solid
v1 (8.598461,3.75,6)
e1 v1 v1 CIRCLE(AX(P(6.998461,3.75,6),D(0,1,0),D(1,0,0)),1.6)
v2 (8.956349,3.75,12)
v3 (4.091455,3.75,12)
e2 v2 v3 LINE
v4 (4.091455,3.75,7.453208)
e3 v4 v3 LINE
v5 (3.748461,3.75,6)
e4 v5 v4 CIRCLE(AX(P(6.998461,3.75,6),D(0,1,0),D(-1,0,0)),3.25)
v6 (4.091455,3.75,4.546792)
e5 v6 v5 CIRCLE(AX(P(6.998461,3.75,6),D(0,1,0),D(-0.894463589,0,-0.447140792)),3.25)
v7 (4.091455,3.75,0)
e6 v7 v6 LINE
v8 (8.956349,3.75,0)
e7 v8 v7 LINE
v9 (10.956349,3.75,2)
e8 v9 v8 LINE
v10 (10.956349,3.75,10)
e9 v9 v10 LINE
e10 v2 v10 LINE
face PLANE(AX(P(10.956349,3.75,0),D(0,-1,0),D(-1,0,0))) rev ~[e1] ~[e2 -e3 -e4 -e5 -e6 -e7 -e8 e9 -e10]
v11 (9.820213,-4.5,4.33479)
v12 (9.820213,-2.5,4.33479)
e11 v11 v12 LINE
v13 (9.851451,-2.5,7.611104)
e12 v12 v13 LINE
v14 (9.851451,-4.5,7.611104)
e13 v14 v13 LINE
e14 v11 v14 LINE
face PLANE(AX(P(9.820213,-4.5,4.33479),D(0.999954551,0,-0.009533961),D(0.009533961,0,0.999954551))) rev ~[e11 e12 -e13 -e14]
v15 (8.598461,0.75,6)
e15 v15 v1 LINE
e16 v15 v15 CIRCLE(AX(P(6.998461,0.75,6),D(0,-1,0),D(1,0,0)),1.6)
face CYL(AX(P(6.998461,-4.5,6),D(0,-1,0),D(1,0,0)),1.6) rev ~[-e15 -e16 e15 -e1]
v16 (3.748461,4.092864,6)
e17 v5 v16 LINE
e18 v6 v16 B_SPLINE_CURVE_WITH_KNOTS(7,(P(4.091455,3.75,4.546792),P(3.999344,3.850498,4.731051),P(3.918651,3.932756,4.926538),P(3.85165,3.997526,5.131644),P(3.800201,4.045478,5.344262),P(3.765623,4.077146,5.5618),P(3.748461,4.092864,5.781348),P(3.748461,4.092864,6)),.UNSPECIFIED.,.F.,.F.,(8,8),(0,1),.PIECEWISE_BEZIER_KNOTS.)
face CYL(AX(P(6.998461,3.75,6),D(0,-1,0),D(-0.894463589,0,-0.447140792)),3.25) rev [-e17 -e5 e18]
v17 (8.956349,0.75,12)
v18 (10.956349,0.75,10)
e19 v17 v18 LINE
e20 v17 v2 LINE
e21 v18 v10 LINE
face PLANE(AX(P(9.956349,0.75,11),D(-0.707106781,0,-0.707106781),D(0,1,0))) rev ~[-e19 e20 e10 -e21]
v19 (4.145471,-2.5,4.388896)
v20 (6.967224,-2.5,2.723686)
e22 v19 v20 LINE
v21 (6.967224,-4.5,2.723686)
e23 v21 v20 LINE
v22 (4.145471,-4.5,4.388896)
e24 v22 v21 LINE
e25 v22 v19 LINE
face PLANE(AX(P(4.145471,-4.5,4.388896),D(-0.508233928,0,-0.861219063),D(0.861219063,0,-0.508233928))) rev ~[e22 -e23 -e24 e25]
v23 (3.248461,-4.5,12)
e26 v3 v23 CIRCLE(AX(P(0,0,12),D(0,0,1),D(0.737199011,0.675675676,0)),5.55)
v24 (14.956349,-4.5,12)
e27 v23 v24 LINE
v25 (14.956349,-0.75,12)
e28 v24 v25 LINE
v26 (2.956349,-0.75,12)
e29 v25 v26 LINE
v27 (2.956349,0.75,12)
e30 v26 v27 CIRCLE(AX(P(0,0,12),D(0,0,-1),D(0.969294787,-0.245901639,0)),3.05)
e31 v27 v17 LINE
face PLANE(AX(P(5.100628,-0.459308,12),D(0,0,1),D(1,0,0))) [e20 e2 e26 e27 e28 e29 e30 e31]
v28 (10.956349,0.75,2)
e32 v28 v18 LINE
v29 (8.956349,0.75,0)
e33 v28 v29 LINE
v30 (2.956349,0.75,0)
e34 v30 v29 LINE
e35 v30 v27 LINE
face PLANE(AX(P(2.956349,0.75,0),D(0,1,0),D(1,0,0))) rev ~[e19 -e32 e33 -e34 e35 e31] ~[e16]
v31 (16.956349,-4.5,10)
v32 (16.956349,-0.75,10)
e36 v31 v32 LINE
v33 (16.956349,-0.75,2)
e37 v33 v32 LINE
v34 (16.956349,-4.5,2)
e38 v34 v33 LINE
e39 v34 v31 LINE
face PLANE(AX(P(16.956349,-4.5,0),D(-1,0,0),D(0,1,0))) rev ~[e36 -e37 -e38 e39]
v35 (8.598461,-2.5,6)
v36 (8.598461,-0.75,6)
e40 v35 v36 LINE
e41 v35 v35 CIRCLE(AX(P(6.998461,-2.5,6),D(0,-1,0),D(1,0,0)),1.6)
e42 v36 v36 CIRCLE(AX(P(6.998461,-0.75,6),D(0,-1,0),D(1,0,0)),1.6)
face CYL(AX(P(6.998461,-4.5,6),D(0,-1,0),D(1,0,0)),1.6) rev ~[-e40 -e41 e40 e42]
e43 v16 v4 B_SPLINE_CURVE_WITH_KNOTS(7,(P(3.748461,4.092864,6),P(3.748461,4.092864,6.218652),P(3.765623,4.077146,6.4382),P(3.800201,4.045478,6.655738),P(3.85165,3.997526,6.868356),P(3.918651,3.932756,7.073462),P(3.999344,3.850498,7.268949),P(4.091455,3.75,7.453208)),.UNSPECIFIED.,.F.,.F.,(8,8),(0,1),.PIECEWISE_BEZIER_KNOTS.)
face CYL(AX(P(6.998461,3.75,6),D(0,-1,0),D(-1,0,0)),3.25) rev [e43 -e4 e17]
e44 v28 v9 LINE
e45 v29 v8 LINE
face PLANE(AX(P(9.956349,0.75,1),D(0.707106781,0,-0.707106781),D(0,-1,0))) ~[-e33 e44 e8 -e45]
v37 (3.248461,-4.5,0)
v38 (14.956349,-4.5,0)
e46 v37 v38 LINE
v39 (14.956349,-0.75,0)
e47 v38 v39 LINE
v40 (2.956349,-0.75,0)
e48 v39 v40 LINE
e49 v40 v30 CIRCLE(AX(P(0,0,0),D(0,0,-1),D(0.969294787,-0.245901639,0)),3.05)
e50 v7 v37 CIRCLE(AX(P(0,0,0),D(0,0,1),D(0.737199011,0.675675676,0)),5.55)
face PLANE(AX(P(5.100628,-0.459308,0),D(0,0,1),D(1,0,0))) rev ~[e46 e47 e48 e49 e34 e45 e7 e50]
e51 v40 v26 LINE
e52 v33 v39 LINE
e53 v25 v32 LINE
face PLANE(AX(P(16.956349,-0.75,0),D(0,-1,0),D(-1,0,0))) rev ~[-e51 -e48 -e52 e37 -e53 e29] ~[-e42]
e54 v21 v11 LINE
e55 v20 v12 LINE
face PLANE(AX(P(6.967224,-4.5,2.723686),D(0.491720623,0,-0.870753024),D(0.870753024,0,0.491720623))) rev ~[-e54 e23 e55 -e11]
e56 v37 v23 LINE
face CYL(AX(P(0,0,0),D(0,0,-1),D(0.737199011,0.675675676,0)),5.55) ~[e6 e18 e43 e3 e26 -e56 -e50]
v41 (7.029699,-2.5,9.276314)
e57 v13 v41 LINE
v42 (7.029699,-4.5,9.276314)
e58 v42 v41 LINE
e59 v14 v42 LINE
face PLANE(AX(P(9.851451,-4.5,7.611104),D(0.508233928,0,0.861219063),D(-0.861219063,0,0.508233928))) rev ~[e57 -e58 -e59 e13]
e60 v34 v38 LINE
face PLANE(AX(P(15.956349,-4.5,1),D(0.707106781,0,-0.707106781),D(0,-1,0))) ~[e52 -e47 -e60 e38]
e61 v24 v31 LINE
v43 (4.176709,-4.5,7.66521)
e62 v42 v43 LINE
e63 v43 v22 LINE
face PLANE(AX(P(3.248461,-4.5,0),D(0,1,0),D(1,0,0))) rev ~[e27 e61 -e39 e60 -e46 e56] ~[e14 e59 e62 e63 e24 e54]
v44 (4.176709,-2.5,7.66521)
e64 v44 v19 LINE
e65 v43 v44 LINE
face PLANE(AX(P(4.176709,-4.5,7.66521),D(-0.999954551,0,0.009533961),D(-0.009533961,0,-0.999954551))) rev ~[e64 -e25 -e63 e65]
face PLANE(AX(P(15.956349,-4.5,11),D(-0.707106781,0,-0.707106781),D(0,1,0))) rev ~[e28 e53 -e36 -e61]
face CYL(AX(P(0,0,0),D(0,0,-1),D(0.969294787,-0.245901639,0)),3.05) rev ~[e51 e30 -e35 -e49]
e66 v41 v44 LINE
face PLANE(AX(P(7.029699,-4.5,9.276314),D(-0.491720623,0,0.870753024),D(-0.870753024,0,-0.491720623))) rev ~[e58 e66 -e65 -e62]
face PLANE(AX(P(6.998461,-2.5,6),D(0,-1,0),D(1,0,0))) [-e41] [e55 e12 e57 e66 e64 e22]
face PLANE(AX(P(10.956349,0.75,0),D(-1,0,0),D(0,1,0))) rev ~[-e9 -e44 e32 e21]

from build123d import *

# Parameters (mm, degrees)
F1_DEPTH = 12
F2_R     = 1.6
F3_DEPTH = 2
F4_DEPTH = 10.051
F5_R     = 1.6
F6_DEPTH = 25
F7_SIZE  = 2


with BuildPart() as f1:
    # F0 (on Top) → F1 (new body)
    with BuildSketch(Plane.XY):
        with BuildLine():
            ThreePointArc((2.9563490998, -0.75), (-3.05, 0), (2.9563490998, 0.75))
            Line((2.9563490998, 0.75), (10.9563490998, 0.75))
            Line((10.9563490998, 0.75), (10.9563490998, 3.75))
            Line((10.9563490998, 3.75), (4.0914545091, 3.75))
            ThreePointArc((4.0914545091, 3.75), (-5.5212512675, 0.5641670326), (3.2484611742, -4.5))
            Line((3.2484611742, -4.5), (16.9563490998, -4.5))
            Line((16.9563490998, -4.5), (16.9563490998, -0.75))
            Line((16.9563490998, -0.75), (2.9563490998, -0.75))
        make_face()
    extrude(amount=F1_DEPTH)

    # F2 (on face) → F3 (cut)
    with BuildSketch(Plane.XZ.offset(4.5)):
        Polygon((9.8514510462, 7.6111043179), (7.0296988427, 9.2763138649), (4.1767089707, 7.665209547), (4.1454713021, 4.3888956821), (6.9672235056, 2.7236861351), (9.8202133776, 4.334790453), align=None)
        with Locations((6.9984611742, 6)):
            Circle(F2_R, mode=Mode.SUBTRACT)
        with Locations((6.9984611742, 6)):
            Circle(F2_R)
    extrude(amount=-F3_DEPTH, mode=Mode.SUBTRACT)

    # F2 (on face) → F4 (cut, through all)
    with BuildSketch(Plane.XZ.offset(4.5)):
        with Locations((6.9984611742, 6)):
            Circle(F2_R)
    extrude(amount=-F4_DEPTH, mode=Mode.SUBTRACT)

    # F5 (on face) → F6 (cut)
    with BuildSketch(Plane(origin=(0, 3.75, 0), x_dir=(-1, 0, 0), z_dir=(0, 1, 0))):
        with Locations((-6.9984611742, 6)):
            Circle(F5_R)
        with BuildLine():
            ThreePointArc((-4.0914545091, 4.5467924273), (-3.8353715721, 5.2534317384), (-3.7484611742, 6))
            ThreePointArc((-3.7484611742, 6), (-3.8353715721, 6.7465682616), (-4.0914545091, 7.4532075727))
            Line((-4.0914545091, 7.4532075727), (-4.0914545091, 4.5467924273))
        make_face()
    extrude(amount=F6_DEPTH, mode=Mode.SUBTRACT)

    # F7
    f7_edges = [f1.edges().sort_by_distance(p)[0] for p in [
        (16.956349, -2.625, 12),
        (16.956349, -2.625, 0),
        (10.956349, 2.25, 0),
        (10.956349, 2.25, 12),
    ]]
    chamfer(f7_edges, length=F7_SIZE)


solid = f1.part
